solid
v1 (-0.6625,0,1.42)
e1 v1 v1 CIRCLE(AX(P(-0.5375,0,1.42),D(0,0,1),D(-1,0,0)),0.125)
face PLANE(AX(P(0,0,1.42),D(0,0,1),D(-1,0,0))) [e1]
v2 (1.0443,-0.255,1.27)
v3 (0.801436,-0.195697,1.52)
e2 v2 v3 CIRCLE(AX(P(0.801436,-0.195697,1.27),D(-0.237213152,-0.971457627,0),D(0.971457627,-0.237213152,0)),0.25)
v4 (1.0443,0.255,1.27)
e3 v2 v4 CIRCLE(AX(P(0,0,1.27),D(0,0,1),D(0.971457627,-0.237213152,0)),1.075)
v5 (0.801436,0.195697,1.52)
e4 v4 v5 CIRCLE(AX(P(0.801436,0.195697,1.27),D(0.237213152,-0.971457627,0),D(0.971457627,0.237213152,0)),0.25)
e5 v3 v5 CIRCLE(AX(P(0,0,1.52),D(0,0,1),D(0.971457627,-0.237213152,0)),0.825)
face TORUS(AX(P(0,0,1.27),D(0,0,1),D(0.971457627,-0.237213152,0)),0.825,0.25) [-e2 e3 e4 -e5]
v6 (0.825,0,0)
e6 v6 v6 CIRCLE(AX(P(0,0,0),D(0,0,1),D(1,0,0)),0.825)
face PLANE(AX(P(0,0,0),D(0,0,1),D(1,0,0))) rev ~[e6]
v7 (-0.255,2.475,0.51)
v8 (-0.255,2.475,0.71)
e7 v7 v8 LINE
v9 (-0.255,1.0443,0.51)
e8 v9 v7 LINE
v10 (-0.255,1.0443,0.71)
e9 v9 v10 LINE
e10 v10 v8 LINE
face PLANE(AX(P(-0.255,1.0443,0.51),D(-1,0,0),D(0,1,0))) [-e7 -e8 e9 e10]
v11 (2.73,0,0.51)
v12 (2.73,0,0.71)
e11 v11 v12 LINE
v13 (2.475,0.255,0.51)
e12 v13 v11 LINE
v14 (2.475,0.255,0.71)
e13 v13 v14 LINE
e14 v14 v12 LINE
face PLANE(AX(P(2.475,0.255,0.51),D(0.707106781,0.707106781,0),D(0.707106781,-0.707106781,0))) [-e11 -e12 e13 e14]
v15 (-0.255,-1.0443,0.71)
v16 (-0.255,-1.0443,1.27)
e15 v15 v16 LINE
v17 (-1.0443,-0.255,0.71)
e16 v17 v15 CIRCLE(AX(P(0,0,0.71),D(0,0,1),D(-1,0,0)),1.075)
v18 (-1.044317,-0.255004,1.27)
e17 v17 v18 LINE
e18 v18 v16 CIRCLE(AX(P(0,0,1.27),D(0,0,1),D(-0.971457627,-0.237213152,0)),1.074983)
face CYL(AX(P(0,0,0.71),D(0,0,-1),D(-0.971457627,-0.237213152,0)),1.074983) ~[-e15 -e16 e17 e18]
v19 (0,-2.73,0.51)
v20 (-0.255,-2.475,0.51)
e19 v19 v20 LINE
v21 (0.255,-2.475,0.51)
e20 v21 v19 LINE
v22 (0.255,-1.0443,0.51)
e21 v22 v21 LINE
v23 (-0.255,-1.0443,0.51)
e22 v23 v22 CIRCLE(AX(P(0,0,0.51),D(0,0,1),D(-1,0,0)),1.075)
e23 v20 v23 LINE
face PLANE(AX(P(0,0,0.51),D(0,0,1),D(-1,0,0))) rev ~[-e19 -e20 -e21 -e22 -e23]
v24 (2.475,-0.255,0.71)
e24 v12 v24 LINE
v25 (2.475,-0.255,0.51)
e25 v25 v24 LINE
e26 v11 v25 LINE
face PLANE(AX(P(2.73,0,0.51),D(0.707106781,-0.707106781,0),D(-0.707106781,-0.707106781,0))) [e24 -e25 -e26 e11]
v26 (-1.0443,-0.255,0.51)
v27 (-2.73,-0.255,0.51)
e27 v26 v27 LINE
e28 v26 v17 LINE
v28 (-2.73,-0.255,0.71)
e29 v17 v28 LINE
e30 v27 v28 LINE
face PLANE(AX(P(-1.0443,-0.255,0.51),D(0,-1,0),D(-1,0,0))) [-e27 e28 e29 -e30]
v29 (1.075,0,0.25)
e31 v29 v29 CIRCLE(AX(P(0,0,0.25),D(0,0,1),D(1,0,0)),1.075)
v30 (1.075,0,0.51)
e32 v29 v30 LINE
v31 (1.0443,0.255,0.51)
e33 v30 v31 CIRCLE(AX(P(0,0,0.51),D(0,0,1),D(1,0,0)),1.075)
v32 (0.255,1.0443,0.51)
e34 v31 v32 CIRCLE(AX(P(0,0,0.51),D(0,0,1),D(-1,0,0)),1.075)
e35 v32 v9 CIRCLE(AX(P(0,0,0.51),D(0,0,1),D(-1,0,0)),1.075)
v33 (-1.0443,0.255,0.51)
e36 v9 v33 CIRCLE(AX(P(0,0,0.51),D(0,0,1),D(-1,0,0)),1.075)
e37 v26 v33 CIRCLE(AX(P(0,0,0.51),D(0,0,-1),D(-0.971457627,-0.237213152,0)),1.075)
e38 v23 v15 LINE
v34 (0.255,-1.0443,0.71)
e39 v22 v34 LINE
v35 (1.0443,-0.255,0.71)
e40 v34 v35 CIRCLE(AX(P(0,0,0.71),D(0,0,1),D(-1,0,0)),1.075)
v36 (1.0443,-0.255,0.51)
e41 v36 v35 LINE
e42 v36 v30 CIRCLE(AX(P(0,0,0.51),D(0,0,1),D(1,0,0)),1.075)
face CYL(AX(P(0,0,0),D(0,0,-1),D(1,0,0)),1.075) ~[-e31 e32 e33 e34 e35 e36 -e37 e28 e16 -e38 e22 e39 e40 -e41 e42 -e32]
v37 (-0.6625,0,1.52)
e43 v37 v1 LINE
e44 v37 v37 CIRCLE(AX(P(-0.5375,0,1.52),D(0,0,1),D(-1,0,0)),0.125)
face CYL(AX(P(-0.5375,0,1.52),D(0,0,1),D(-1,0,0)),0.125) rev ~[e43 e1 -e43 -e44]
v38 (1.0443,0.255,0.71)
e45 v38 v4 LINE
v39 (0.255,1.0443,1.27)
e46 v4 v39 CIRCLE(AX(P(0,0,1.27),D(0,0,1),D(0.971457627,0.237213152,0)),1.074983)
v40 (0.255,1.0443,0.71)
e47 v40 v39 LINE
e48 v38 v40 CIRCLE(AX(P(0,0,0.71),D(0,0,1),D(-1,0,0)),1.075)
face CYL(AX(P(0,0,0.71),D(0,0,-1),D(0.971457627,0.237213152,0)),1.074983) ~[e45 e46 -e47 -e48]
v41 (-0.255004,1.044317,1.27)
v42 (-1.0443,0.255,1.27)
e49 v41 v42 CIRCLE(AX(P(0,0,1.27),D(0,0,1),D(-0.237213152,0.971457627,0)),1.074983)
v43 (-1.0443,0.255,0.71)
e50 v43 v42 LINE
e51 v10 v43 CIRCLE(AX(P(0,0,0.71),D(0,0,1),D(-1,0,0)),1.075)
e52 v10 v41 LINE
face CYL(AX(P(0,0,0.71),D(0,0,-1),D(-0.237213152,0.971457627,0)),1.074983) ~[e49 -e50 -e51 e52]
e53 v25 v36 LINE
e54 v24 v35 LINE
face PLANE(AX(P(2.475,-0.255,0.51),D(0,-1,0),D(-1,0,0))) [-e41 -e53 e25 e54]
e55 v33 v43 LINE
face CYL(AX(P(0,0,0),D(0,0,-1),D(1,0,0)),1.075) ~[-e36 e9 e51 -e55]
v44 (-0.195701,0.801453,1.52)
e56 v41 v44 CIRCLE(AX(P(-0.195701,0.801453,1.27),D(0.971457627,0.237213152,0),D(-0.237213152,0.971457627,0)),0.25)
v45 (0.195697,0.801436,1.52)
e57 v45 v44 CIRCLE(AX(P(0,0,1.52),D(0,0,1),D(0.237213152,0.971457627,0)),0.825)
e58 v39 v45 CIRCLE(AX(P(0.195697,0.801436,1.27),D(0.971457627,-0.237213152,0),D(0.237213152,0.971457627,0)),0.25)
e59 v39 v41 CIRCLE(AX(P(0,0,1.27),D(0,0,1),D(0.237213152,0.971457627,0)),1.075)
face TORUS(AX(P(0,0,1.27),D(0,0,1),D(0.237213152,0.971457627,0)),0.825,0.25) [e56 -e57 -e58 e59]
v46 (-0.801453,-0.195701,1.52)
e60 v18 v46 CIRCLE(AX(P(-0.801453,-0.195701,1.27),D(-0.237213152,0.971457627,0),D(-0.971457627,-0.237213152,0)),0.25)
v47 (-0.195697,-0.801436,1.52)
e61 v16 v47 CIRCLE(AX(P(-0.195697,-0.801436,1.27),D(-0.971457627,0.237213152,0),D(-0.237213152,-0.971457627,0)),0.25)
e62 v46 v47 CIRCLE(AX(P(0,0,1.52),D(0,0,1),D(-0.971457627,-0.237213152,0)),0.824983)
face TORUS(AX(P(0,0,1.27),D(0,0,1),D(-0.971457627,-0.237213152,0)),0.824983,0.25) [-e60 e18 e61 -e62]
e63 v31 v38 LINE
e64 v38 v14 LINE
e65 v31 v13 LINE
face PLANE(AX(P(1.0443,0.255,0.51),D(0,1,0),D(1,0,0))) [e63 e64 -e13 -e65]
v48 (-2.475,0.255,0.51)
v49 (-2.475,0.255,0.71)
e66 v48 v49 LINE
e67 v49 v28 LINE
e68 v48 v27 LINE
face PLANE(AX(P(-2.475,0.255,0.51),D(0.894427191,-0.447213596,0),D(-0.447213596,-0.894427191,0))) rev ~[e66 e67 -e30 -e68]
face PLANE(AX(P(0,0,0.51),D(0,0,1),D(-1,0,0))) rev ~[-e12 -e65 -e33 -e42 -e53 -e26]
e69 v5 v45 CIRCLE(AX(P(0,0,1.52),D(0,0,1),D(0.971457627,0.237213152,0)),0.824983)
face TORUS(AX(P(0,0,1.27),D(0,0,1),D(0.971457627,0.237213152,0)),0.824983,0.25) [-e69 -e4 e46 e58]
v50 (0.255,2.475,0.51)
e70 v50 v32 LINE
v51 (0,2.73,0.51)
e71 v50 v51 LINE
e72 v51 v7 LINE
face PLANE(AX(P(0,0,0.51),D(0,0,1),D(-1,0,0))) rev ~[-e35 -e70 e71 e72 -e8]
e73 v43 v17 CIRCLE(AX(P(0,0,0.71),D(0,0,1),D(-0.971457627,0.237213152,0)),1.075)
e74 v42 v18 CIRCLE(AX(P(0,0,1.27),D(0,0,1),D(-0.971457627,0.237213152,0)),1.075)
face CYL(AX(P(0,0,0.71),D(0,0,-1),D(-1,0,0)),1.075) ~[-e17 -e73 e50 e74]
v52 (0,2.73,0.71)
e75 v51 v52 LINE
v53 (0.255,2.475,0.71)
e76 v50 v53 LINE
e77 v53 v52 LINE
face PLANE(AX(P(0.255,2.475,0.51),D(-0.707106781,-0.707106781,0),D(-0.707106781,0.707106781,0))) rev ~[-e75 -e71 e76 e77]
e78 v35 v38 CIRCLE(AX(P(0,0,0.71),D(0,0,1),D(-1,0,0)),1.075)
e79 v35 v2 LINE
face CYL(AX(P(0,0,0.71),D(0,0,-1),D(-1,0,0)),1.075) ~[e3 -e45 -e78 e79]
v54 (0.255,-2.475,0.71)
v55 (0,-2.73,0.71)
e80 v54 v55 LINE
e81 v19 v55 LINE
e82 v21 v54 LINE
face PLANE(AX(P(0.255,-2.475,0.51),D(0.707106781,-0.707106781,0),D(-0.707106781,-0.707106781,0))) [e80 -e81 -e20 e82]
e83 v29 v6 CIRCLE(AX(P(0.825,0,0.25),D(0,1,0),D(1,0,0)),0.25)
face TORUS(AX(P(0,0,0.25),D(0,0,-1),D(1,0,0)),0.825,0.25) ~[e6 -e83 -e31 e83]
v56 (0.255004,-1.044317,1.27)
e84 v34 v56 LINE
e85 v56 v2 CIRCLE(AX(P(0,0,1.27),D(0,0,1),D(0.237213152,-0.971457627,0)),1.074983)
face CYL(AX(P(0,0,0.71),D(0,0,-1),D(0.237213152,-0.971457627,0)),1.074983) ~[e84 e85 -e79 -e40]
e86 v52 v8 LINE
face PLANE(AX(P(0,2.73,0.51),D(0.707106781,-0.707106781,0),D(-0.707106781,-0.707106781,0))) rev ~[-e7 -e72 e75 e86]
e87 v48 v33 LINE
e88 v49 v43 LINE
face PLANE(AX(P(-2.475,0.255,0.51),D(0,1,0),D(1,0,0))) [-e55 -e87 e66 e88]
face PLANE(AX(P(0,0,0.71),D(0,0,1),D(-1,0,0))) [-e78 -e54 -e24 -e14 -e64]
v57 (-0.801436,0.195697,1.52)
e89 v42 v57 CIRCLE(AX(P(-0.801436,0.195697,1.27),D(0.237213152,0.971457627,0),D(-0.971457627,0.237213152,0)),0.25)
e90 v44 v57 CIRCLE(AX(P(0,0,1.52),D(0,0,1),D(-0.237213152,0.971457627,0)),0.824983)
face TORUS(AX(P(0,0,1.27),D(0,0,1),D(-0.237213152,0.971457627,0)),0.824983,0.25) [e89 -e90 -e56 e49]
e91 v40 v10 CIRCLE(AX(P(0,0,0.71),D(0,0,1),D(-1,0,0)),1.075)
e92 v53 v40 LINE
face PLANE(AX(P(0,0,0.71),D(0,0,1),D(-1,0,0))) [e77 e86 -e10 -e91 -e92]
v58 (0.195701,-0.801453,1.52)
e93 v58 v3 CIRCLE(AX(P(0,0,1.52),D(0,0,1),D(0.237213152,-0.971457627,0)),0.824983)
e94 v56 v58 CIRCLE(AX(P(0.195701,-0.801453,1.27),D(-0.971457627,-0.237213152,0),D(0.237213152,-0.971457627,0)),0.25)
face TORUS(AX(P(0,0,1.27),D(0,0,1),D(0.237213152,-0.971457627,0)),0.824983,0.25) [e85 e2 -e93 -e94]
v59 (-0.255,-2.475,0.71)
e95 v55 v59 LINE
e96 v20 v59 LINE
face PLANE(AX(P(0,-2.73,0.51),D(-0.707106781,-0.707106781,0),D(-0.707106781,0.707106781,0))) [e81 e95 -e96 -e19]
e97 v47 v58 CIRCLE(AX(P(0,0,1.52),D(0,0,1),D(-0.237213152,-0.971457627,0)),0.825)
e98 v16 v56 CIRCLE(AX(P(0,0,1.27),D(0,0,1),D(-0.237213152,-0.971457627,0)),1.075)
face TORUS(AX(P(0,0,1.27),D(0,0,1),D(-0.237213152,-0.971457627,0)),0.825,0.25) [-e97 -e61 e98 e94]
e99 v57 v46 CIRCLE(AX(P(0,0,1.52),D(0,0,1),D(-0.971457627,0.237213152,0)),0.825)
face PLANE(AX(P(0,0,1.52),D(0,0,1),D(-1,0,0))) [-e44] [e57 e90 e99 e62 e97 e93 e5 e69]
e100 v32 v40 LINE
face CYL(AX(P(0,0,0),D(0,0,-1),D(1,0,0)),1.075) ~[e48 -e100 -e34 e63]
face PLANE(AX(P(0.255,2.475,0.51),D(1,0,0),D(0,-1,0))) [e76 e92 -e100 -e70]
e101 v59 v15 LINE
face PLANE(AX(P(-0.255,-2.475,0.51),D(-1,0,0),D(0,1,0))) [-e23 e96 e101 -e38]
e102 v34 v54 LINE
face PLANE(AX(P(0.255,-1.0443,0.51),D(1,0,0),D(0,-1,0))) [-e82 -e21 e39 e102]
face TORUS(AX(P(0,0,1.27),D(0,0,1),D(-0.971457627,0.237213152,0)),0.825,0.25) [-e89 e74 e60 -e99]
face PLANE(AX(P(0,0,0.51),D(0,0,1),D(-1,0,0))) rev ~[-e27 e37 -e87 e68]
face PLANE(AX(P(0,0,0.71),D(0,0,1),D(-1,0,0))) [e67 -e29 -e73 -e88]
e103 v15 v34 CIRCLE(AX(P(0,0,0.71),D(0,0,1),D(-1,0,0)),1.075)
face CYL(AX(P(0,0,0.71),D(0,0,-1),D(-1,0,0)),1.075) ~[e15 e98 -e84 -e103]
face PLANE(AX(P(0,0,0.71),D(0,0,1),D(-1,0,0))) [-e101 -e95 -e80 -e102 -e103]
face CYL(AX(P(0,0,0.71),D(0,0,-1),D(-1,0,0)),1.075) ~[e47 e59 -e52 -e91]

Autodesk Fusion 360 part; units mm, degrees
sketch "Sketch1" plane through (0, 0, 0) normal (0, 0, 1) x (1, 0, 0)
  circle A0 centre (0, 0) radius 1.075
  dimension "d1" = 2.15
extrude "Extrude1" add sketch "Sketch1" along normal blind 0.51
sketch "Sketch2" plane through (0, 0, 0.51) normal (0, 0, 1) x (-1, 0, 0)
  circle A0 centre (0, 0) radius 1.075
  line L0 (0, 0) -> (-1.075, 0) construction
  line L1 (0, 0) -> (-2.73, 0) construction
  line L2 (0, 0) -> (2.73, 0) construction
  line L3 (2.73, 0.255) -> (2.73, -0.255) construction
  line L4 (0, -2.73) -> (0, -2.73)
  line L5 (0, -2.73) -> (0.255, -2.475)
  line L6 (-0.255, -2.475) -> (0, -2.73)
  line L7 (-0.255, 2.475) -> (0, 2.73)
  line L8 (0, 2.73) -> (0.255, 2.475)
  line L9 (-2.475, -0.255) -> (-2.73, 0)
  line L10 (-2.73, 0) -> (-2.475, 0.255)
  line L11 (2.73, 0.255) -> (2.475, 0.255) construction
  line L12 (2.475, 0.255) -> (2.475, -0.255) construction
  line L13 (2.475, -0.255) -> (2.73, 0.255)
  arc A1 (-1.0443, -0.255) -> (-0.255, -1.0443) centre (0, 0) ccw
  arc A2 (0.255, -1.0443) -> (1.0443, -0.255) centre (0, 0) ccw
  arc A3 (-0.255, 1.0443) -> (-1.0443, 0.255) centre (0, 0) ccw
  arc A4 (1.0443, 0.255) -> (0.255, 1.0443) centre (0, 0) ccw
  line L14 (2.475, -0.255) -> (1.0443, -0.255)
  line L15 (-1.0443, -0.255) -> (-2.475, -0.255)
  line L16 (0.255, 2.475) -> (0.255, 1.0443)
  line L17 (0.255, -1.0443) -> (0.255, -2.475)
  line L18 (0.255, 2.475) -> (0.255, 1.0443)
  line L19 (0.255, -1.0443) -> (0.255, -2.475)
  line L20 (-0.255, -2.475) -> (-0.255, -1.0443)
  line L21 (-0.255, -2.475) -> (-0.255, -1.0443)
  line L22 (-2.475, 0.255) -> (-1.0443, 0.255)
  line L23 (1.0443, 0.255) -> (2.73, 0.255)
  line L24 (-0.255, 1.0443) -> (-0.255, 2.475)
  line L25 (-0.255, 1.0443) -> (-0.255, 2.475)
  point P0 (-2.73, -0.255)
  dimension "d4" = 2.73
  dimension "d5" = 2.73
  dimension "d6" = 0.51
  dimension "d8" = 0.51
  dimension "d21" = 0.255
extrude "Extrude2" add sketch "Sketch2" along normal blind 0.2
sketch "Sketch3" plane through (0, 0, 0.71) normal (0, 0, 1) x (-1, 0, 0)
  arc A0 (-1.0443, -0.255) -> (-0.255, -1.0443) centre (0, 0) ccw
  line L0 (-0.255, -1.0443) -> (-0.255, -2.475)
  line L1 (-0.255, -2.475) -> (0, -2.73)
  line L2 (0, -2.73) -> (0.255, -2.475)
  line L3 (0.255, -2.475) -> (0.255, -1.0443)
  arc A1 (0.255, -1.0443) -> (1.0443, -0.255) centre (0, 0) ccw
  line L4 (1.0443, -0.255) -> (2.475, -0.255)
  line L5 (2.475, -0.255) -> (2.73, 0.255)
  line L6 (2.73, 0.255) -> (1.0443, 0.255)
  arc A2 (1.0443, 0.255) -> (0.255, 1.0443) centre (0, 0) ccw
  line L7 (0.255, 1.0443) -> (0.255, 2.475)
  line L8 (0.255, 2.475) -> (0, 2.73)
  line L9 (0, 2.73) -> (-0.255, 2.475)
  line L10 (-0.255, 2.475) -> (-0.255, 1.0443)
  arc A3 (-0.255, 1.0443) -> (-1.0443, 0.255) centre (0, 0) ccw
  line L11 (-1.0443, 0.255) -> (-2.475, 0.255)
  line L12 (-2.475, 0.255) -> (-2.73, 0)
  line L13 (-2.73, 0) -> (-2.475, -0.255)
  line L14 (-2.475, -0.255) -> (-1.0443, -0.255)
  circle A4 centre (0, 0) radius 1.075
extrude "Extrude3" add sketch "Sketch3" along normal blind 0.81 contours A0 A1 A2 A3 A4
fillet "Fillet1" radius 0.25 1 edges at (1.0023, 0.3887, 1.52)
fillet "Fillet2" radius 0.25 1 edges at (-1.0023, -0.3887, 0)
sketch "Sketch4" plane through (0, 0, 1.52) normal (0, 0, 1) x (-1, 0, 0)
  circle A0 centre (0, 0) radius 0.825
  line L0 (0, 0) -> (0.5375, 0) construction
  circle A1 centre (0.5375, 0) radius 0.125
  dimension "d30" = 0.5375
  dimension "d31" = 0.25
extrude "Extrude4" cut sketch "Sketch4" against normal blind 0.1 contours A1
